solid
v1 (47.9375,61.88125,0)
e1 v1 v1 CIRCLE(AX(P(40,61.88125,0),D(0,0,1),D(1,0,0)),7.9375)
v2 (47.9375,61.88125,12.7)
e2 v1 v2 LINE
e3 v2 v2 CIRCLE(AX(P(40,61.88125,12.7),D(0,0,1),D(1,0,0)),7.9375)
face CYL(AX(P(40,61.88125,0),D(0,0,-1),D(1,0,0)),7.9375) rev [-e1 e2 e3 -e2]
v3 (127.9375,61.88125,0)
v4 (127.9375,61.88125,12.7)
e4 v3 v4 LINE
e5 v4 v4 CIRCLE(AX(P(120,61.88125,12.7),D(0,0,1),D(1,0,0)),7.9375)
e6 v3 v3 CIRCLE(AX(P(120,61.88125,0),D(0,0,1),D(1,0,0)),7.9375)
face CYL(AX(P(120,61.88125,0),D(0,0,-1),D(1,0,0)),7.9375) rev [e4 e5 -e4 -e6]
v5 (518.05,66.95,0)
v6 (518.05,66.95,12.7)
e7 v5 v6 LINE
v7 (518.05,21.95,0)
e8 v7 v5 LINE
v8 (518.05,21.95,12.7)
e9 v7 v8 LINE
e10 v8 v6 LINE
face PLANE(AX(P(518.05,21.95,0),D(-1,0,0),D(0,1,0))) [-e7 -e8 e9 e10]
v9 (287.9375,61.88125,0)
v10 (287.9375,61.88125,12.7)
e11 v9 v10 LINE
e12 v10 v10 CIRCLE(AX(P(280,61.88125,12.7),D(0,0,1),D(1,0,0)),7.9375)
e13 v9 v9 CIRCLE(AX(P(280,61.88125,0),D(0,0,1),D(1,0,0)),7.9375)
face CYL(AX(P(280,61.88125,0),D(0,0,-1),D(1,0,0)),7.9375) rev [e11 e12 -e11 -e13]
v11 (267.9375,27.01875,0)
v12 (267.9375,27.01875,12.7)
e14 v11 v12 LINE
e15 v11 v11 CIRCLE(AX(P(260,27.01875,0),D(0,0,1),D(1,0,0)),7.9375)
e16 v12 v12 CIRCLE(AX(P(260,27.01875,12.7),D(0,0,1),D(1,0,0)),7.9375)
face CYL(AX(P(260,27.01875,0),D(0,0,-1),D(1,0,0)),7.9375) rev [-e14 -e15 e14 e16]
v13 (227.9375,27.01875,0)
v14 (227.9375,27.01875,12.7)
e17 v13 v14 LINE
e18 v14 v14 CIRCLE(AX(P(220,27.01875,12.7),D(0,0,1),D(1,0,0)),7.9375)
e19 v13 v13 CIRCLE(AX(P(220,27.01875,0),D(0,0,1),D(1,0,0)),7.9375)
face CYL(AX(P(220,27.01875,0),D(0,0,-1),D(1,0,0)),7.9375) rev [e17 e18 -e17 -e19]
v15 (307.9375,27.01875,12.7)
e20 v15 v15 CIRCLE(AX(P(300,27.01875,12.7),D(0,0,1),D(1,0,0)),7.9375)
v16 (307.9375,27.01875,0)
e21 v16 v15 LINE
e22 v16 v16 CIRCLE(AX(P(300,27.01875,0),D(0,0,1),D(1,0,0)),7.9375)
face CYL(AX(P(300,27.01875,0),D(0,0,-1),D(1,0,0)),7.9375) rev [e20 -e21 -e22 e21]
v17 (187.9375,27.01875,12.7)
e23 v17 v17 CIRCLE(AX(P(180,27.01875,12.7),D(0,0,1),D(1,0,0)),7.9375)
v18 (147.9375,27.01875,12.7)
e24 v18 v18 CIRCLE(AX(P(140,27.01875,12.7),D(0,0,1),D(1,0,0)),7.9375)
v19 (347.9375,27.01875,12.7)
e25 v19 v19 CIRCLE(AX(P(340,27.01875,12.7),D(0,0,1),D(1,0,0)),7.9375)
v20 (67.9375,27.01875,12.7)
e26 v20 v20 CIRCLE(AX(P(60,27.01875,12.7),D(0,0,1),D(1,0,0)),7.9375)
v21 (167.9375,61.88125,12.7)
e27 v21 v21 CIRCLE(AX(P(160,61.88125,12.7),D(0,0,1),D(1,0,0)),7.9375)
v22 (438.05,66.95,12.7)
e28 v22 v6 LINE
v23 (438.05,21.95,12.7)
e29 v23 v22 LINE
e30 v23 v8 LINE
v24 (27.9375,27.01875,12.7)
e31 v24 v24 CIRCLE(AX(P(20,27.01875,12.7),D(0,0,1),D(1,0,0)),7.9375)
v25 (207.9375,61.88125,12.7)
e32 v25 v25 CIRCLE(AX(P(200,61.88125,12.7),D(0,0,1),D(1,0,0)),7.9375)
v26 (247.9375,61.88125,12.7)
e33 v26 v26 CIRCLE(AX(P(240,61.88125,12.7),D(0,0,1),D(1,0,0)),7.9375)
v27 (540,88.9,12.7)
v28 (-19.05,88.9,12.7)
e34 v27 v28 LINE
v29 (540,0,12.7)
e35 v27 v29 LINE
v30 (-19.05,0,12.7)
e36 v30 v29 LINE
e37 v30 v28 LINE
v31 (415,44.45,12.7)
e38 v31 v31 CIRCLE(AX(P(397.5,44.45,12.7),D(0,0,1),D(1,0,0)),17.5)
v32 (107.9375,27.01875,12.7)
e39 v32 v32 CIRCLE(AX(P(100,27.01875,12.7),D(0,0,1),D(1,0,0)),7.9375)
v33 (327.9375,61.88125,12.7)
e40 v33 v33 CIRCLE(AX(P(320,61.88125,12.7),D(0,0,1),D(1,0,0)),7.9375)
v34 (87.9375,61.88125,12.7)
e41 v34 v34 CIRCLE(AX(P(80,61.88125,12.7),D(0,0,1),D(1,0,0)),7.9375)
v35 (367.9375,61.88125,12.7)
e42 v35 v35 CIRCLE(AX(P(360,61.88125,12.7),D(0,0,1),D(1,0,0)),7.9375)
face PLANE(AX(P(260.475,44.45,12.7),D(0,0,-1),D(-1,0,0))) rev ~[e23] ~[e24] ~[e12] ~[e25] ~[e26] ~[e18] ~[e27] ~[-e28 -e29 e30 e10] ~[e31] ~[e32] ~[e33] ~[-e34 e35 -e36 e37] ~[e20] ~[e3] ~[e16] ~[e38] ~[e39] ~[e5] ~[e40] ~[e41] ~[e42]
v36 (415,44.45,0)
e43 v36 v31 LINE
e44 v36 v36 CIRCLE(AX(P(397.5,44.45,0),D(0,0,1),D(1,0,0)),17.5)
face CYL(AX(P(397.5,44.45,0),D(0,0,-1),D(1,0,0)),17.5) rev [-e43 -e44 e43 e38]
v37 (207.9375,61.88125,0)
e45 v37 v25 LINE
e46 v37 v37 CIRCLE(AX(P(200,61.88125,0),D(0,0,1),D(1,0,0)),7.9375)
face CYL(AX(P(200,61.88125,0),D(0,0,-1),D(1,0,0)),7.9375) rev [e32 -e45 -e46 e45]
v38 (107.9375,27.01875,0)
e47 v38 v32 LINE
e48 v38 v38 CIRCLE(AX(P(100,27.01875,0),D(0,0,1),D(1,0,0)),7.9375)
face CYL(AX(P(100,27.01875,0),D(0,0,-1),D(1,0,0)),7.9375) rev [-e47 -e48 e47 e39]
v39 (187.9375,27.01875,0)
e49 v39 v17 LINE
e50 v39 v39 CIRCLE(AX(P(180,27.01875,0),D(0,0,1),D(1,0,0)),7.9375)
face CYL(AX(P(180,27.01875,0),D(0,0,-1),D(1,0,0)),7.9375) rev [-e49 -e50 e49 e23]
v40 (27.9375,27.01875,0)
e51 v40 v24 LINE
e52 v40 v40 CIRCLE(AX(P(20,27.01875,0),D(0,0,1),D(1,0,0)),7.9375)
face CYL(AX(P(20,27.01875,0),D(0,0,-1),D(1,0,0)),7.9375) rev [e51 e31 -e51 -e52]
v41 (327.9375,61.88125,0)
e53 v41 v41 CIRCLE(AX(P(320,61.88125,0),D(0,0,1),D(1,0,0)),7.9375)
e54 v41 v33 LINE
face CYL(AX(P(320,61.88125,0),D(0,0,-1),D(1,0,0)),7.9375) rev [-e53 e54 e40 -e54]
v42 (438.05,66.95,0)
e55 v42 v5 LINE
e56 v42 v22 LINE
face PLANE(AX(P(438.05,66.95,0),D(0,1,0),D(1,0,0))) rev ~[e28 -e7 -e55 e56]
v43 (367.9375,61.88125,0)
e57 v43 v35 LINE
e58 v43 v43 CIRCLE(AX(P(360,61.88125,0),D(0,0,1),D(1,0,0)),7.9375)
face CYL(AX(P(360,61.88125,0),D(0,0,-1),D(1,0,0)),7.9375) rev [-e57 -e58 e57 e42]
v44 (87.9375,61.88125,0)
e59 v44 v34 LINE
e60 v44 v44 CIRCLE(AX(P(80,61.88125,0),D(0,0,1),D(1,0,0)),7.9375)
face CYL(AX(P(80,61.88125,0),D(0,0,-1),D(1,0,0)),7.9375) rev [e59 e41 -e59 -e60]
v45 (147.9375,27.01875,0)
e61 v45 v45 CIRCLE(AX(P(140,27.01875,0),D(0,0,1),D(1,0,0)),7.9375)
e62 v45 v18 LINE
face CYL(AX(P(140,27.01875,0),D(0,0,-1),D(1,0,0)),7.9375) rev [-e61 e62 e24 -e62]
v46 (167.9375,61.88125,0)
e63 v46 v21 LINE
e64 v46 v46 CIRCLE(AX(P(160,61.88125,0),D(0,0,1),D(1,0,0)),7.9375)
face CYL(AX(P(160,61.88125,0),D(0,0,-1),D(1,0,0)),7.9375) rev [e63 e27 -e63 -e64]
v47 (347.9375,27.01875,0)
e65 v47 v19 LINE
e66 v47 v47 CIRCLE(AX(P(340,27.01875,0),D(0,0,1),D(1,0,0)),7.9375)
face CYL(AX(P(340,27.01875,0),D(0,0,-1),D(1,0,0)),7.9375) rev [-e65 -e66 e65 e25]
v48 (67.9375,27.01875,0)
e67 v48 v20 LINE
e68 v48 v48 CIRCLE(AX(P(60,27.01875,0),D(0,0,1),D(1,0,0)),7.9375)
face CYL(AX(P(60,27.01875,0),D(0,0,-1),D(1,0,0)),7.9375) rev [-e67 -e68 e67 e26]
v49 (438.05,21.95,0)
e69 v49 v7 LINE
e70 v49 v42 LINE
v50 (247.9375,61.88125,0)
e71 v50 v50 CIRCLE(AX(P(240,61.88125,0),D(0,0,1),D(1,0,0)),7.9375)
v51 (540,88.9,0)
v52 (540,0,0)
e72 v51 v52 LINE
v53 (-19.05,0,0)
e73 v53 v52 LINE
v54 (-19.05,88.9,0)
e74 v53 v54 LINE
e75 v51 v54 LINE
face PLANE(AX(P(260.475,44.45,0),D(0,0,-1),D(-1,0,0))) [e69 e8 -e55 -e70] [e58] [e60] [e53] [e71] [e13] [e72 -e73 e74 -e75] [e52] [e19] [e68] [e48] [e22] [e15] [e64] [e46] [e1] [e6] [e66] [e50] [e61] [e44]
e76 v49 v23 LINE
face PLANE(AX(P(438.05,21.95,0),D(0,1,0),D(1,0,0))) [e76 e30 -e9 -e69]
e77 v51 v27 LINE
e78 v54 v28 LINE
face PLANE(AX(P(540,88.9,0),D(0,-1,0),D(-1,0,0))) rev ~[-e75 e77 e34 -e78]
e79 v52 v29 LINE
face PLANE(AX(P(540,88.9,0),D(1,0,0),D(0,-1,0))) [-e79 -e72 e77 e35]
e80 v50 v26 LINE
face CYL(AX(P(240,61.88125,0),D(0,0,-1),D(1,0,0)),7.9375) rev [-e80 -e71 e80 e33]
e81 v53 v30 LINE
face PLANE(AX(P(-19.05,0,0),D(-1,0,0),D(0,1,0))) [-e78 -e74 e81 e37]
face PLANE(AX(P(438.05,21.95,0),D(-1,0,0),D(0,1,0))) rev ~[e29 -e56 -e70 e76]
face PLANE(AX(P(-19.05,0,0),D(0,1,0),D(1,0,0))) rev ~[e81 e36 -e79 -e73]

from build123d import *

# Parameters (mm, degrees)
SKETCH_R   = 7.9375
SKETCH_R_2 = 17.5
SKETCH_W   = 80
SKETCH_H   = 45
PAD_DEPTH  = 12.7


with BuildPart() as part:
    # Sketch → Pad (new body)
    with BuildSketch(Plane.XY):
        Polygon((0, 88.9), (540, 88.9), (540, 0), (0, 0), (-19.05, 0), (-19.05, 88.9), align=None)
        with Locations((20, 27.01875)):
            Circle(SKETCH_R, mode=Mode.SUBTRACT)
        with Locations((60, 27.01875)):
            Circle(SKETCH_R, mode=Mode.SUBTRACT)
        with Locations((397.5, 44.45)):
            Circle(SKETCH_R_2, mode=Mode.SUBTRACT)
        with Locations((478.05, 44.45)):
            Rectangle(SKETCH_W, SKETCH_H, mode=Mode.SUBTRACT)
        with Locations((40, 61.88125)):
            Circle(SKETCH_R, mode=Mode.SUBTRACT)
        with Locations((100, 27.01875)):
            Circle(SKETCH_R, mode=Mode.SUBTRACT)
        with Locations((140, 27.01875)):
            Circle(SKETCH_R, mode=Mode.SUBTRACT)
        with Locations((180, 27.01875)):
            Circle(SKETCH_R, mode=Mode.SUBTRACT)
        with Locations((220, 27.01875)):
            Circle(SKETCH_R, mode=Mode.SUBTRACT)
        with Locations((260, 27.01875)):
            Circle(SKETCH_R, mode=Mode.SUBTRACT)
        with Locations((300, 27.01875)):
            Circle(SKETCH_R, mode=Mode.SUBTRACT)
        with Locations((340, 27.01875)):
            Circle(SKETCH_R, mode=Mode.SUBTRACT)
        with Locations((80, 61.88125)):
            Circle(SKETCH_R, mode=Mode.SUBTRACT)
        with Locations((120, 61.88125)):
            Circle(SKETCH_R, mode=Mode.SUBTRACT)
        with Locations((160, 61.88125)):
            Circle(SKETCH_R, mode=Mode.SUBTRACT)
        with Locations((200, 61.88125)):
            Circle(SKETCH_R, mode=Mode.SUBTRACT)
        with Locations((240, 61.88125)):
            Circle(SKETCH_R, mode=Mode.SUBTRACT)
        with Locations((280, 61.88125)):
            Circle(SKETCH_R, mode=Mode.SUBTRACT)
        with Locations((320, 61.88125)):
            Circle(SKETCH_R, mode=Mode.SUBTRACT)
        with Locations((360, 61.88125)):
            Circle(SKETCH_R, mode=Mode.SUBTRACT)
    extrude(amount=PAD_DEPTH)


solid = part.part
